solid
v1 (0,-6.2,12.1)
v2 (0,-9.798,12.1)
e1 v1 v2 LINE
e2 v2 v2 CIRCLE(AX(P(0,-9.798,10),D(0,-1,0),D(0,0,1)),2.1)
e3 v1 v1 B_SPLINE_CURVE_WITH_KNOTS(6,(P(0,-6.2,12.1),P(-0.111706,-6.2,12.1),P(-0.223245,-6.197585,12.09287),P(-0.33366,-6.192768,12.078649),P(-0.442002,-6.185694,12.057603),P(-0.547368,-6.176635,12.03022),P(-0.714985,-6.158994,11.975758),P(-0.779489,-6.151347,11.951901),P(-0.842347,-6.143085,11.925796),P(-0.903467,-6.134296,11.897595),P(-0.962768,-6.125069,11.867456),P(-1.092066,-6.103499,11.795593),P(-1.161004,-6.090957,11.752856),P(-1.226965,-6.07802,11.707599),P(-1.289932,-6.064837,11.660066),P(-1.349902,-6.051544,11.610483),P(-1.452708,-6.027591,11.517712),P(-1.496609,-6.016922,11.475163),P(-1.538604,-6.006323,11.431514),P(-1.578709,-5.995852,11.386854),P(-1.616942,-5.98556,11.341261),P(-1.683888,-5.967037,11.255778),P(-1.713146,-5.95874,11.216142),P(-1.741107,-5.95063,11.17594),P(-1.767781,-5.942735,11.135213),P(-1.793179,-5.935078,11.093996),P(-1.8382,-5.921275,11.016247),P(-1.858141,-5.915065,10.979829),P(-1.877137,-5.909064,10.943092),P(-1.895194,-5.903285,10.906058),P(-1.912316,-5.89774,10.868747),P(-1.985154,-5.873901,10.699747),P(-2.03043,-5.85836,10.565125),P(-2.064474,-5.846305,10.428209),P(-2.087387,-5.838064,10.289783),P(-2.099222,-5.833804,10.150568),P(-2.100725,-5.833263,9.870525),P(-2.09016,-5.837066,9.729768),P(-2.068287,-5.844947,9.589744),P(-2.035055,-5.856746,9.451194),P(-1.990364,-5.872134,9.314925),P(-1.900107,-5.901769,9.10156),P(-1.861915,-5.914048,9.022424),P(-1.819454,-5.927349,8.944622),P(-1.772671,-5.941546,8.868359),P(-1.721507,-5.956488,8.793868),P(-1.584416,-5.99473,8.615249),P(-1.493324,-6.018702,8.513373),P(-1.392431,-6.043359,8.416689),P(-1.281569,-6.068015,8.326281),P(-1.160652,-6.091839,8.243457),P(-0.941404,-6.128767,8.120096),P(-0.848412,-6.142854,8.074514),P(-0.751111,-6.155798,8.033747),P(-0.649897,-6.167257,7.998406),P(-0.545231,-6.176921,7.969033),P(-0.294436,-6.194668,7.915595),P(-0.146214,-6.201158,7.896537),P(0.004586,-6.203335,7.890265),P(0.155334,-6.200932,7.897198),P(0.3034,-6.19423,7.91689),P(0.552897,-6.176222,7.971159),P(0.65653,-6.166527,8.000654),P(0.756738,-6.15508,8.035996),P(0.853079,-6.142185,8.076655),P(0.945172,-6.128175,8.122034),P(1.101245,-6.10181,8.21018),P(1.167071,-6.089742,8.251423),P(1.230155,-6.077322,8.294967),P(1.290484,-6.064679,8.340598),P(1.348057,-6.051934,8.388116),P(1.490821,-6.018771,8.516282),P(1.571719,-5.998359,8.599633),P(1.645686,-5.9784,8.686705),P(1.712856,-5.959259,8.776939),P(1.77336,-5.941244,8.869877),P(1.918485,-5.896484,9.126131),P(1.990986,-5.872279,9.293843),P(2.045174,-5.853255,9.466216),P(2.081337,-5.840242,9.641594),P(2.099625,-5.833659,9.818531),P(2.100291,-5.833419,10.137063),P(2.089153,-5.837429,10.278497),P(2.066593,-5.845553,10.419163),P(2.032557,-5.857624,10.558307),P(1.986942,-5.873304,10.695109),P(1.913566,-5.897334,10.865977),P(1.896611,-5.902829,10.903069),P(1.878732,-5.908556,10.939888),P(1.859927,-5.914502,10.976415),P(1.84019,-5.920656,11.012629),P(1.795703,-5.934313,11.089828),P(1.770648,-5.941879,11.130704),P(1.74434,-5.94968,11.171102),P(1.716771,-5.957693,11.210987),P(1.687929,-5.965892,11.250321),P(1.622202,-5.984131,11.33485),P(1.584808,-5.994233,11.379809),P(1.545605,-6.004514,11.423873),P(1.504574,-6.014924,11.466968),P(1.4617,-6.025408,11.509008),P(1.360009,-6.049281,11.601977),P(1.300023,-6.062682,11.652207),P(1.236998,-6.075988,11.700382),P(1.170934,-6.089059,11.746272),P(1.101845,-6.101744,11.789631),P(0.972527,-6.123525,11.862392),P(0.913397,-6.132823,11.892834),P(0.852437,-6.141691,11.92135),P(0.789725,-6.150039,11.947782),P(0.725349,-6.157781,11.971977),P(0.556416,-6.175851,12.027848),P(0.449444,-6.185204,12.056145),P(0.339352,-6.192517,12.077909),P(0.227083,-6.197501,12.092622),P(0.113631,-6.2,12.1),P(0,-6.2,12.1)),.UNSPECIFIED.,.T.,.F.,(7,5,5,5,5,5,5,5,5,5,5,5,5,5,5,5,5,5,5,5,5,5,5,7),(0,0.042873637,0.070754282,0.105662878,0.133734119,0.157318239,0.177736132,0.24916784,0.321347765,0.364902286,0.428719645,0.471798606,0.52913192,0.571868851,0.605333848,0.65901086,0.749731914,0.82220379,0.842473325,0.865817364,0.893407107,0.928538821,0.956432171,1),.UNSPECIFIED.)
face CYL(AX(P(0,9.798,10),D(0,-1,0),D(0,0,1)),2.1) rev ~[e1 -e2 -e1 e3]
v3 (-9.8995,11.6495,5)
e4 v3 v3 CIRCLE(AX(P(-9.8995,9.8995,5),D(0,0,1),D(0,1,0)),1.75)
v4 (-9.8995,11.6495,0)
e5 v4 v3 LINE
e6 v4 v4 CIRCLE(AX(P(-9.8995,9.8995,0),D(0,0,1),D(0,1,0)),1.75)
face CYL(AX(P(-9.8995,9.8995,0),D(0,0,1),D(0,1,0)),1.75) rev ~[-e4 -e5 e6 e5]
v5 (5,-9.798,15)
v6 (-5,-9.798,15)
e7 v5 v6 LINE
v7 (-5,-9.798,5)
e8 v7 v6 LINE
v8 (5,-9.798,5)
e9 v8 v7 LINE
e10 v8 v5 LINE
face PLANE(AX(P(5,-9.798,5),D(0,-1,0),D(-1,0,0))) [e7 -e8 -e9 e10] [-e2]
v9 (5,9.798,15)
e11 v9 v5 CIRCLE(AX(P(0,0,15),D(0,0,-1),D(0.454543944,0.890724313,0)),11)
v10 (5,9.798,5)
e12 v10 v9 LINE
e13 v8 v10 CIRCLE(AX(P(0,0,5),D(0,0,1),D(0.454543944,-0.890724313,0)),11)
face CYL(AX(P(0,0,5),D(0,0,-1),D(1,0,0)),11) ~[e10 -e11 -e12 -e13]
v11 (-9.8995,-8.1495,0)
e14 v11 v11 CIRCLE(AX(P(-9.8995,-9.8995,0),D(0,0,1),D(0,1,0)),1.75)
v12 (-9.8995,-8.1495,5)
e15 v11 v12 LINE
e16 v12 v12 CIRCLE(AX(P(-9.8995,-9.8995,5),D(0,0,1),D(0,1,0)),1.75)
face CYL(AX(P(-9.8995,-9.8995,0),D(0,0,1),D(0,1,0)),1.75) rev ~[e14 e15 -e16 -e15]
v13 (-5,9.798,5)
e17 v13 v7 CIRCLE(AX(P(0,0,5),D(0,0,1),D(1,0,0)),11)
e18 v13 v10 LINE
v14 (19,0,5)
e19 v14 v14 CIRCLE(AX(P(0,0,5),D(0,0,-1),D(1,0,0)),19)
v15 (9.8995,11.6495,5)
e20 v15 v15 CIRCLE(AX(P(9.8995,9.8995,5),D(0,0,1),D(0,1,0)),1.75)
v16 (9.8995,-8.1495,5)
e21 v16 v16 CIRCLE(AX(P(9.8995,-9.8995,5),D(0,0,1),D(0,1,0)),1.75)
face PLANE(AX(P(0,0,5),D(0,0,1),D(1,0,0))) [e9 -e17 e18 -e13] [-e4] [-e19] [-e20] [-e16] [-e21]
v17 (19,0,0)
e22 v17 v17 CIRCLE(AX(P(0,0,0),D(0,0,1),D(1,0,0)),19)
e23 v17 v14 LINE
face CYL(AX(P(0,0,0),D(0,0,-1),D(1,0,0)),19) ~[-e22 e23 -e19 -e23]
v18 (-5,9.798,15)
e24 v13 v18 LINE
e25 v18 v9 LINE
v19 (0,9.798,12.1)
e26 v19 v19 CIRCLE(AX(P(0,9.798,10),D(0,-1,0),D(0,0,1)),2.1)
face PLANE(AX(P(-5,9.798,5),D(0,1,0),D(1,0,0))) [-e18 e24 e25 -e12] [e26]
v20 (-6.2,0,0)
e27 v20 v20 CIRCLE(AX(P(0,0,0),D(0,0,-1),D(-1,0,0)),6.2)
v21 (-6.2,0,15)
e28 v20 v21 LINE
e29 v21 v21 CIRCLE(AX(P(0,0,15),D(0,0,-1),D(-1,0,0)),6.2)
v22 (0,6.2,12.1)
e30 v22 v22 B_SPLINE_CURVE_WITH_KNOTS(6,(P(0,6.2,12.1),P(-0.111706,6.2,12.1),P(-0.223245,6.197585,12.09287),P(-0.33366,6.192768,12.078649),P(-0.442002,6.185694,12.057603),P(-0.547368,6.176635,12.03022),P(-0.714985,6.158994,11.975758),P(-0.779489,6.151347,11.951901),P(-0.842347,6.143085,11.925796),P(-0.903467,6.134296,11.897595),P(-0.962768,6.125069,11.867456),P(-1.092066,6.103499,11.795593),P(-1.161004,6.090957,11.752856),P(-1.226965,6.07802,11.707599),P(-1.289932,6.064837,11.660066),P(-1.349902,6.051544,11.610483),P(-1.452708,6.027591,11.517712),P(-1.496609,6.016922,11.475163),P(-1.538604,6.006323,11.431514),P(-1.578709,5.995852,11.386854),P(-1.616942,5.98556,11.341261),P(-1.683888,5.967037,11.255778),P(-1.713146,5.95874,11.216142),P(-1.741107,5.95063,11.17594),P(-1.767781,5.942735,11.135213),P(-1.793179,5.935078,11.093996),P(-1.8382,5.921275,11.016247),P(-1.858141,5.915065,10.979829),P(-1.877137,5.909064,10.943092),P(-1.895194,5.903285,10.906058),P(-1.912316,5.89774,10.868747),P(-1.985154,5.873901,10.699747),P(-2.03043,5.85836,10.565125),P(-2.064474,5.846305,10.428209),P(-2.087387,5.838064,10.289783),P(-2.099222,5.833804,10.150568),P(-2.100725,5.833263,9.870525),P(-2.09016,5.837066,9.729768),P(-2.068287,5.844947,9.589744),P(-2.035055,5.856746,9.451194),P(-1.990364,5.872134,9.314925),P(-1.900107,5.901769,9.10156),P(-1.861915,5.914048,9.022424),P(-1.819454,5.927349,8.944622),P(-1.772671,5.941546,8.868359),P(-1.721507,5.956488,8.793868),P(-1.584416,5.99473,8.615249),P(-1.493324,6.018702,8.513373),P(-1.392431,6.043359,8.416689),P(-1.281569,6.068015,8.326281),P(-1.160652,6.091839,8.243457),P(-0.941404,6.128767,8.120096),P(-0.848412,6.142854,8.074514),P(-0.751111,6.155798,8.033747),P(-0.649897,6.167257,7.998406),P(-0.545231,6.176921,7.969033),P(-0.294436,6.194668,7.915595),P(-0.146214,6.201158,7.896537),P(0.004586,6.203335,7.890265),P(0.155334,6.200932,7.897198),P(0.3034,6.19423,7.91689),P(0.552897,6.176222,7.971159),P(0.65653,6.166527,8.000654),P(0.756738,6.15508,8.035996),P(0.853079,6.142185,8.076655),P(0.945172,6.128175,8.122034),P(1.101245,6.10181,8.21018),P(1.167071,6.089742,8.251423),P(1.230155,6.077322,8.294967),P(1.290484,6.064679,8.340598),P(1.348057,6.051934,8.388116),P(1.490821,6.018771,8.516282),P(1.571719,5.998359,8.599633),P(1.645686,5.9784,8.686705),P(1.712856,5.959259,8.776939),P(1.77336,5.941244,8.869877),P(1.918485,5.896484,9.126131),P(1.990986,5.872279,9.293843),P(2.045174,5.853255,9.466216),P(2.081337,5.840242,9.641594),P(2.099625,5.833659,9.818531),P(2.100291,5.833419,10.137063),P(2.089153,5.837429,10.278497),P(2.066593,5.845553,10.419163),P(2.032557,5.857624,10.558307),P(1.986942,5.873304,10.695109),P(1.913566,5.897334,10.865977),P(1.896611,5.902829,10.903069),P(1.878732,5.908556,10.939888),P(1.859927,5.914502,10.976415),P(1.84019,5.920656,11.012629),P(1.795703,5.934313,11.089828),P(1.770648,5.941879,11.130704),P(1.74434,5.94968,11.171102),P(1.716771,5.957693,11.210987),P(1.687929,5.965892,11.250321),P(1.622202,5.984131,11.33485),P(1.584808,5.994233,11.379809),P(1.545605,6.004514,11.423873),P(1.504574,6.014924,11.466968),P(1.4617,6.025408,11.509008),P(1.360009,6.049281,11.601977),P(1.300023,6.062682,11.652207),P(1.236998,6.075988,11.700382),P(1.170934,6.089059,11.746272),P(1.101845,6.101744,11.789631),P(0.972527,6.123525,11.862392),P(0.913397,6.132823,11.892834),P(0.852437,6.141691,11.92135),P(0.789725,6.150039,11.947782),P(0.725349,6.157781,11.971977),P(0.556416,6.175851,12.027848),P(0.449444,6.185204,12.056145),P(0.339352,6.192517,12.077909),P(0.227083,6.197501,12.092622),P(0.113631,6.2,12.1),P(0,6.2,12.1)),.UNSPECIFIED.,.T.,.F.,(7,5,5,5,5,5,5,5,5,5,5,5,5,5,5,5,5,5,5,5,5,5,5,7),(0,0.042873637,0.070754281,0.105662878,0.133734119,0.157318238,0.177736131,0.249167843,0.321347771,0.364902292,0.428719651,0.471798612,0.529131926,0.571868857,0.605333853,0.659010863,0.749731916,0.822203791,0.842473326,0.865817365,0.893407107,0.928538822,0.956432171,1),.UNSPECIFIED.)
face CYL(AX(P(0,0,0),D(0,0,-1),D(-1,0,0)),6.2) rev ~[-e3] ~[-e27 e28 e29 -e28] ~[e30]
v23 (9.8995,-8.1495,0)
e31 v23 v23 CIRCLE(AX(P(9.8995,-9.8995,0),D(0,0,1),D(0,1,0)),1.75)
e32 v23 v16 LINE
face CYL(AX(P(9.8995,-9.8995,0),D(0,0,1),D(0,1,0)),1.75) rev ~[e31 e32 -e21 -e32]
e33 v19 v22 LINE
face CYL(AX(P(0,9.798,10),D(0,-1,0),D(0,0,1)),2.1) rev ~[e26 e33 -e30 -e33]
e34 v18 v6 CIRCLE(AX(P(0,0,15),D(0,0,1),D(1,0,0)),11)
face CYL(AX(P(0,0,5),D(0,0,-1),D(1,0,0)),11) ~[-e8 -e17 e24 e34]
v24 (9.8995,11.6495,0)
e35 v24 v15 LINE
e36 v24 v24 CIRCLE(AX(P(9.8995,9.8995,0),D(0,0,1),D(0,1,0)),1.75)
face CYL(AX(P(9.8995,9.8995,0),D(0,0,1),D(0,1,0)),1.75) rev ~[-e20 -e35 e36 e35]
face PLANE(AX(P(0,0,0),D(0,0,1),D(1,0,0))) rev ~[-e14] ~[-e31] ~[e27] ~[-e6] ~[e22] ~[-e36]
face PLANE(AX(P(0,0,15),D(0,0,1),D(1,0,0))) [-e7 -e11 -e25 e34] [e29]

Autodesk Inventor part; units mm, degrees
ref_plane "YZ Plane" through (0, 0, 0) normal (1, 0, 0) x (0, 1, 0)
ref_plane "XZ Plane" through (0, 0, 0) normal (0, 1, 0) x (-1, 0, 0)
ref_plane "XY Plane" through (0, 0, 0) normal (0, 0, 1) x (1, 0, 0)
sketch "スケッチ1" plane through (0, 0, 0) normal (0, 0, 1) x (1, 0, 0)
  circle A0 centre (0, 0) radius 19
  circle A1 centre (0, 0) radius 14
  circle A2 centre (-14, 0) radius 1.75
  circle A3 centre (0, -14) radius 1.75
  circle A4 centre (14, 0) radius 1.75
  circle A5 centre (0, 14) radius 1.75
  line L0 (-19, 0) -> (19, 0)
  dimension "d10" = 28
  dimension "d0" = 38
  dimension "d11" = 3.5
  dimension "d14" = 360
extrude "押し出し1" add sketch "スケッチ1" along normal blind 5
sketch "スケッチ2" plane through (0, 0, 5) normal (0, 0, 1) x (1, 0, 0)
  circle A0 centre (0, 0) radius 11
  line L0 (5, -9.798) -> (-5, -9.798)
  line L1 (-5, -9.798) -> (-5, 9.798)
  line L2 (-5, 9.798) -> (5, 9.798)
  line L3 (5, 9.798) -> (5, -9.798)
  line L4 (5, -9.798) -> (-5, 9.798) construction
  line L5 (-5, -9.798) -> (5, 9.798) construction
  dimension "d3" = 22
  dimension "d6" = 10
extrude "押し出し2" add sketch "スケッチ2" along normal blind 10 contours A0 L3 | L3 L0 L1 L2 | L1 A0
sketch "スケッチ3" plane through (0, 0, 0) normal (0, 0, -1) x (-1, 0, 0)
  circle A0 centre (0, 0) radius 6.2
  dimension "d7" = 12.4
extrude "押し出し3" cut sketch "スケッチ3" against normal blind 30
sketch "スケッチ4" plane through (0, 0, 0) normal (0, 0, -1) x (-1, 0, 0)
  circle A0 centre (0, 0) radius 14
  point P0 (-14, 0)
  point P1 (-9.8995, -9.8995)
  point P2 (0, -14)
  point P3 (9.8995, -9.8995)
  point P4 (14, 0)
  point P5 (9.8995, 9.8995)
  point P6 (0, 14)
  point P7 (-9.8995, 9.8995)
  dimension "d16" = 28
  dimension "d33" = 360
hole "穴1" at (9.8995, -9.8995, 0) at (9.8995, 9.8995, 0) at (-9.8995, 9.8995, 0) at (-9.8995, -9.8995, 0) direction (0, 0, 1) diameter 3.5 end through all
sketch "スケッチ5" plane through (-5, 9.798, 5) normal (0, 1, 0) x (1, 0, 0)
  line L0 (10, -10) -> (0, -10) projected
  line L1 (5, -10) -> (5, 0)
  line L2 (0, 0) -> (10, 0) projected
  point P0 (5, 5)
  point P1 (5, -5)
hole "穴2" at (0, 9.798, 10) direction (0, -1, 0) diameter 4.2 end through all
properties part number "light_tire_fixer_10"
